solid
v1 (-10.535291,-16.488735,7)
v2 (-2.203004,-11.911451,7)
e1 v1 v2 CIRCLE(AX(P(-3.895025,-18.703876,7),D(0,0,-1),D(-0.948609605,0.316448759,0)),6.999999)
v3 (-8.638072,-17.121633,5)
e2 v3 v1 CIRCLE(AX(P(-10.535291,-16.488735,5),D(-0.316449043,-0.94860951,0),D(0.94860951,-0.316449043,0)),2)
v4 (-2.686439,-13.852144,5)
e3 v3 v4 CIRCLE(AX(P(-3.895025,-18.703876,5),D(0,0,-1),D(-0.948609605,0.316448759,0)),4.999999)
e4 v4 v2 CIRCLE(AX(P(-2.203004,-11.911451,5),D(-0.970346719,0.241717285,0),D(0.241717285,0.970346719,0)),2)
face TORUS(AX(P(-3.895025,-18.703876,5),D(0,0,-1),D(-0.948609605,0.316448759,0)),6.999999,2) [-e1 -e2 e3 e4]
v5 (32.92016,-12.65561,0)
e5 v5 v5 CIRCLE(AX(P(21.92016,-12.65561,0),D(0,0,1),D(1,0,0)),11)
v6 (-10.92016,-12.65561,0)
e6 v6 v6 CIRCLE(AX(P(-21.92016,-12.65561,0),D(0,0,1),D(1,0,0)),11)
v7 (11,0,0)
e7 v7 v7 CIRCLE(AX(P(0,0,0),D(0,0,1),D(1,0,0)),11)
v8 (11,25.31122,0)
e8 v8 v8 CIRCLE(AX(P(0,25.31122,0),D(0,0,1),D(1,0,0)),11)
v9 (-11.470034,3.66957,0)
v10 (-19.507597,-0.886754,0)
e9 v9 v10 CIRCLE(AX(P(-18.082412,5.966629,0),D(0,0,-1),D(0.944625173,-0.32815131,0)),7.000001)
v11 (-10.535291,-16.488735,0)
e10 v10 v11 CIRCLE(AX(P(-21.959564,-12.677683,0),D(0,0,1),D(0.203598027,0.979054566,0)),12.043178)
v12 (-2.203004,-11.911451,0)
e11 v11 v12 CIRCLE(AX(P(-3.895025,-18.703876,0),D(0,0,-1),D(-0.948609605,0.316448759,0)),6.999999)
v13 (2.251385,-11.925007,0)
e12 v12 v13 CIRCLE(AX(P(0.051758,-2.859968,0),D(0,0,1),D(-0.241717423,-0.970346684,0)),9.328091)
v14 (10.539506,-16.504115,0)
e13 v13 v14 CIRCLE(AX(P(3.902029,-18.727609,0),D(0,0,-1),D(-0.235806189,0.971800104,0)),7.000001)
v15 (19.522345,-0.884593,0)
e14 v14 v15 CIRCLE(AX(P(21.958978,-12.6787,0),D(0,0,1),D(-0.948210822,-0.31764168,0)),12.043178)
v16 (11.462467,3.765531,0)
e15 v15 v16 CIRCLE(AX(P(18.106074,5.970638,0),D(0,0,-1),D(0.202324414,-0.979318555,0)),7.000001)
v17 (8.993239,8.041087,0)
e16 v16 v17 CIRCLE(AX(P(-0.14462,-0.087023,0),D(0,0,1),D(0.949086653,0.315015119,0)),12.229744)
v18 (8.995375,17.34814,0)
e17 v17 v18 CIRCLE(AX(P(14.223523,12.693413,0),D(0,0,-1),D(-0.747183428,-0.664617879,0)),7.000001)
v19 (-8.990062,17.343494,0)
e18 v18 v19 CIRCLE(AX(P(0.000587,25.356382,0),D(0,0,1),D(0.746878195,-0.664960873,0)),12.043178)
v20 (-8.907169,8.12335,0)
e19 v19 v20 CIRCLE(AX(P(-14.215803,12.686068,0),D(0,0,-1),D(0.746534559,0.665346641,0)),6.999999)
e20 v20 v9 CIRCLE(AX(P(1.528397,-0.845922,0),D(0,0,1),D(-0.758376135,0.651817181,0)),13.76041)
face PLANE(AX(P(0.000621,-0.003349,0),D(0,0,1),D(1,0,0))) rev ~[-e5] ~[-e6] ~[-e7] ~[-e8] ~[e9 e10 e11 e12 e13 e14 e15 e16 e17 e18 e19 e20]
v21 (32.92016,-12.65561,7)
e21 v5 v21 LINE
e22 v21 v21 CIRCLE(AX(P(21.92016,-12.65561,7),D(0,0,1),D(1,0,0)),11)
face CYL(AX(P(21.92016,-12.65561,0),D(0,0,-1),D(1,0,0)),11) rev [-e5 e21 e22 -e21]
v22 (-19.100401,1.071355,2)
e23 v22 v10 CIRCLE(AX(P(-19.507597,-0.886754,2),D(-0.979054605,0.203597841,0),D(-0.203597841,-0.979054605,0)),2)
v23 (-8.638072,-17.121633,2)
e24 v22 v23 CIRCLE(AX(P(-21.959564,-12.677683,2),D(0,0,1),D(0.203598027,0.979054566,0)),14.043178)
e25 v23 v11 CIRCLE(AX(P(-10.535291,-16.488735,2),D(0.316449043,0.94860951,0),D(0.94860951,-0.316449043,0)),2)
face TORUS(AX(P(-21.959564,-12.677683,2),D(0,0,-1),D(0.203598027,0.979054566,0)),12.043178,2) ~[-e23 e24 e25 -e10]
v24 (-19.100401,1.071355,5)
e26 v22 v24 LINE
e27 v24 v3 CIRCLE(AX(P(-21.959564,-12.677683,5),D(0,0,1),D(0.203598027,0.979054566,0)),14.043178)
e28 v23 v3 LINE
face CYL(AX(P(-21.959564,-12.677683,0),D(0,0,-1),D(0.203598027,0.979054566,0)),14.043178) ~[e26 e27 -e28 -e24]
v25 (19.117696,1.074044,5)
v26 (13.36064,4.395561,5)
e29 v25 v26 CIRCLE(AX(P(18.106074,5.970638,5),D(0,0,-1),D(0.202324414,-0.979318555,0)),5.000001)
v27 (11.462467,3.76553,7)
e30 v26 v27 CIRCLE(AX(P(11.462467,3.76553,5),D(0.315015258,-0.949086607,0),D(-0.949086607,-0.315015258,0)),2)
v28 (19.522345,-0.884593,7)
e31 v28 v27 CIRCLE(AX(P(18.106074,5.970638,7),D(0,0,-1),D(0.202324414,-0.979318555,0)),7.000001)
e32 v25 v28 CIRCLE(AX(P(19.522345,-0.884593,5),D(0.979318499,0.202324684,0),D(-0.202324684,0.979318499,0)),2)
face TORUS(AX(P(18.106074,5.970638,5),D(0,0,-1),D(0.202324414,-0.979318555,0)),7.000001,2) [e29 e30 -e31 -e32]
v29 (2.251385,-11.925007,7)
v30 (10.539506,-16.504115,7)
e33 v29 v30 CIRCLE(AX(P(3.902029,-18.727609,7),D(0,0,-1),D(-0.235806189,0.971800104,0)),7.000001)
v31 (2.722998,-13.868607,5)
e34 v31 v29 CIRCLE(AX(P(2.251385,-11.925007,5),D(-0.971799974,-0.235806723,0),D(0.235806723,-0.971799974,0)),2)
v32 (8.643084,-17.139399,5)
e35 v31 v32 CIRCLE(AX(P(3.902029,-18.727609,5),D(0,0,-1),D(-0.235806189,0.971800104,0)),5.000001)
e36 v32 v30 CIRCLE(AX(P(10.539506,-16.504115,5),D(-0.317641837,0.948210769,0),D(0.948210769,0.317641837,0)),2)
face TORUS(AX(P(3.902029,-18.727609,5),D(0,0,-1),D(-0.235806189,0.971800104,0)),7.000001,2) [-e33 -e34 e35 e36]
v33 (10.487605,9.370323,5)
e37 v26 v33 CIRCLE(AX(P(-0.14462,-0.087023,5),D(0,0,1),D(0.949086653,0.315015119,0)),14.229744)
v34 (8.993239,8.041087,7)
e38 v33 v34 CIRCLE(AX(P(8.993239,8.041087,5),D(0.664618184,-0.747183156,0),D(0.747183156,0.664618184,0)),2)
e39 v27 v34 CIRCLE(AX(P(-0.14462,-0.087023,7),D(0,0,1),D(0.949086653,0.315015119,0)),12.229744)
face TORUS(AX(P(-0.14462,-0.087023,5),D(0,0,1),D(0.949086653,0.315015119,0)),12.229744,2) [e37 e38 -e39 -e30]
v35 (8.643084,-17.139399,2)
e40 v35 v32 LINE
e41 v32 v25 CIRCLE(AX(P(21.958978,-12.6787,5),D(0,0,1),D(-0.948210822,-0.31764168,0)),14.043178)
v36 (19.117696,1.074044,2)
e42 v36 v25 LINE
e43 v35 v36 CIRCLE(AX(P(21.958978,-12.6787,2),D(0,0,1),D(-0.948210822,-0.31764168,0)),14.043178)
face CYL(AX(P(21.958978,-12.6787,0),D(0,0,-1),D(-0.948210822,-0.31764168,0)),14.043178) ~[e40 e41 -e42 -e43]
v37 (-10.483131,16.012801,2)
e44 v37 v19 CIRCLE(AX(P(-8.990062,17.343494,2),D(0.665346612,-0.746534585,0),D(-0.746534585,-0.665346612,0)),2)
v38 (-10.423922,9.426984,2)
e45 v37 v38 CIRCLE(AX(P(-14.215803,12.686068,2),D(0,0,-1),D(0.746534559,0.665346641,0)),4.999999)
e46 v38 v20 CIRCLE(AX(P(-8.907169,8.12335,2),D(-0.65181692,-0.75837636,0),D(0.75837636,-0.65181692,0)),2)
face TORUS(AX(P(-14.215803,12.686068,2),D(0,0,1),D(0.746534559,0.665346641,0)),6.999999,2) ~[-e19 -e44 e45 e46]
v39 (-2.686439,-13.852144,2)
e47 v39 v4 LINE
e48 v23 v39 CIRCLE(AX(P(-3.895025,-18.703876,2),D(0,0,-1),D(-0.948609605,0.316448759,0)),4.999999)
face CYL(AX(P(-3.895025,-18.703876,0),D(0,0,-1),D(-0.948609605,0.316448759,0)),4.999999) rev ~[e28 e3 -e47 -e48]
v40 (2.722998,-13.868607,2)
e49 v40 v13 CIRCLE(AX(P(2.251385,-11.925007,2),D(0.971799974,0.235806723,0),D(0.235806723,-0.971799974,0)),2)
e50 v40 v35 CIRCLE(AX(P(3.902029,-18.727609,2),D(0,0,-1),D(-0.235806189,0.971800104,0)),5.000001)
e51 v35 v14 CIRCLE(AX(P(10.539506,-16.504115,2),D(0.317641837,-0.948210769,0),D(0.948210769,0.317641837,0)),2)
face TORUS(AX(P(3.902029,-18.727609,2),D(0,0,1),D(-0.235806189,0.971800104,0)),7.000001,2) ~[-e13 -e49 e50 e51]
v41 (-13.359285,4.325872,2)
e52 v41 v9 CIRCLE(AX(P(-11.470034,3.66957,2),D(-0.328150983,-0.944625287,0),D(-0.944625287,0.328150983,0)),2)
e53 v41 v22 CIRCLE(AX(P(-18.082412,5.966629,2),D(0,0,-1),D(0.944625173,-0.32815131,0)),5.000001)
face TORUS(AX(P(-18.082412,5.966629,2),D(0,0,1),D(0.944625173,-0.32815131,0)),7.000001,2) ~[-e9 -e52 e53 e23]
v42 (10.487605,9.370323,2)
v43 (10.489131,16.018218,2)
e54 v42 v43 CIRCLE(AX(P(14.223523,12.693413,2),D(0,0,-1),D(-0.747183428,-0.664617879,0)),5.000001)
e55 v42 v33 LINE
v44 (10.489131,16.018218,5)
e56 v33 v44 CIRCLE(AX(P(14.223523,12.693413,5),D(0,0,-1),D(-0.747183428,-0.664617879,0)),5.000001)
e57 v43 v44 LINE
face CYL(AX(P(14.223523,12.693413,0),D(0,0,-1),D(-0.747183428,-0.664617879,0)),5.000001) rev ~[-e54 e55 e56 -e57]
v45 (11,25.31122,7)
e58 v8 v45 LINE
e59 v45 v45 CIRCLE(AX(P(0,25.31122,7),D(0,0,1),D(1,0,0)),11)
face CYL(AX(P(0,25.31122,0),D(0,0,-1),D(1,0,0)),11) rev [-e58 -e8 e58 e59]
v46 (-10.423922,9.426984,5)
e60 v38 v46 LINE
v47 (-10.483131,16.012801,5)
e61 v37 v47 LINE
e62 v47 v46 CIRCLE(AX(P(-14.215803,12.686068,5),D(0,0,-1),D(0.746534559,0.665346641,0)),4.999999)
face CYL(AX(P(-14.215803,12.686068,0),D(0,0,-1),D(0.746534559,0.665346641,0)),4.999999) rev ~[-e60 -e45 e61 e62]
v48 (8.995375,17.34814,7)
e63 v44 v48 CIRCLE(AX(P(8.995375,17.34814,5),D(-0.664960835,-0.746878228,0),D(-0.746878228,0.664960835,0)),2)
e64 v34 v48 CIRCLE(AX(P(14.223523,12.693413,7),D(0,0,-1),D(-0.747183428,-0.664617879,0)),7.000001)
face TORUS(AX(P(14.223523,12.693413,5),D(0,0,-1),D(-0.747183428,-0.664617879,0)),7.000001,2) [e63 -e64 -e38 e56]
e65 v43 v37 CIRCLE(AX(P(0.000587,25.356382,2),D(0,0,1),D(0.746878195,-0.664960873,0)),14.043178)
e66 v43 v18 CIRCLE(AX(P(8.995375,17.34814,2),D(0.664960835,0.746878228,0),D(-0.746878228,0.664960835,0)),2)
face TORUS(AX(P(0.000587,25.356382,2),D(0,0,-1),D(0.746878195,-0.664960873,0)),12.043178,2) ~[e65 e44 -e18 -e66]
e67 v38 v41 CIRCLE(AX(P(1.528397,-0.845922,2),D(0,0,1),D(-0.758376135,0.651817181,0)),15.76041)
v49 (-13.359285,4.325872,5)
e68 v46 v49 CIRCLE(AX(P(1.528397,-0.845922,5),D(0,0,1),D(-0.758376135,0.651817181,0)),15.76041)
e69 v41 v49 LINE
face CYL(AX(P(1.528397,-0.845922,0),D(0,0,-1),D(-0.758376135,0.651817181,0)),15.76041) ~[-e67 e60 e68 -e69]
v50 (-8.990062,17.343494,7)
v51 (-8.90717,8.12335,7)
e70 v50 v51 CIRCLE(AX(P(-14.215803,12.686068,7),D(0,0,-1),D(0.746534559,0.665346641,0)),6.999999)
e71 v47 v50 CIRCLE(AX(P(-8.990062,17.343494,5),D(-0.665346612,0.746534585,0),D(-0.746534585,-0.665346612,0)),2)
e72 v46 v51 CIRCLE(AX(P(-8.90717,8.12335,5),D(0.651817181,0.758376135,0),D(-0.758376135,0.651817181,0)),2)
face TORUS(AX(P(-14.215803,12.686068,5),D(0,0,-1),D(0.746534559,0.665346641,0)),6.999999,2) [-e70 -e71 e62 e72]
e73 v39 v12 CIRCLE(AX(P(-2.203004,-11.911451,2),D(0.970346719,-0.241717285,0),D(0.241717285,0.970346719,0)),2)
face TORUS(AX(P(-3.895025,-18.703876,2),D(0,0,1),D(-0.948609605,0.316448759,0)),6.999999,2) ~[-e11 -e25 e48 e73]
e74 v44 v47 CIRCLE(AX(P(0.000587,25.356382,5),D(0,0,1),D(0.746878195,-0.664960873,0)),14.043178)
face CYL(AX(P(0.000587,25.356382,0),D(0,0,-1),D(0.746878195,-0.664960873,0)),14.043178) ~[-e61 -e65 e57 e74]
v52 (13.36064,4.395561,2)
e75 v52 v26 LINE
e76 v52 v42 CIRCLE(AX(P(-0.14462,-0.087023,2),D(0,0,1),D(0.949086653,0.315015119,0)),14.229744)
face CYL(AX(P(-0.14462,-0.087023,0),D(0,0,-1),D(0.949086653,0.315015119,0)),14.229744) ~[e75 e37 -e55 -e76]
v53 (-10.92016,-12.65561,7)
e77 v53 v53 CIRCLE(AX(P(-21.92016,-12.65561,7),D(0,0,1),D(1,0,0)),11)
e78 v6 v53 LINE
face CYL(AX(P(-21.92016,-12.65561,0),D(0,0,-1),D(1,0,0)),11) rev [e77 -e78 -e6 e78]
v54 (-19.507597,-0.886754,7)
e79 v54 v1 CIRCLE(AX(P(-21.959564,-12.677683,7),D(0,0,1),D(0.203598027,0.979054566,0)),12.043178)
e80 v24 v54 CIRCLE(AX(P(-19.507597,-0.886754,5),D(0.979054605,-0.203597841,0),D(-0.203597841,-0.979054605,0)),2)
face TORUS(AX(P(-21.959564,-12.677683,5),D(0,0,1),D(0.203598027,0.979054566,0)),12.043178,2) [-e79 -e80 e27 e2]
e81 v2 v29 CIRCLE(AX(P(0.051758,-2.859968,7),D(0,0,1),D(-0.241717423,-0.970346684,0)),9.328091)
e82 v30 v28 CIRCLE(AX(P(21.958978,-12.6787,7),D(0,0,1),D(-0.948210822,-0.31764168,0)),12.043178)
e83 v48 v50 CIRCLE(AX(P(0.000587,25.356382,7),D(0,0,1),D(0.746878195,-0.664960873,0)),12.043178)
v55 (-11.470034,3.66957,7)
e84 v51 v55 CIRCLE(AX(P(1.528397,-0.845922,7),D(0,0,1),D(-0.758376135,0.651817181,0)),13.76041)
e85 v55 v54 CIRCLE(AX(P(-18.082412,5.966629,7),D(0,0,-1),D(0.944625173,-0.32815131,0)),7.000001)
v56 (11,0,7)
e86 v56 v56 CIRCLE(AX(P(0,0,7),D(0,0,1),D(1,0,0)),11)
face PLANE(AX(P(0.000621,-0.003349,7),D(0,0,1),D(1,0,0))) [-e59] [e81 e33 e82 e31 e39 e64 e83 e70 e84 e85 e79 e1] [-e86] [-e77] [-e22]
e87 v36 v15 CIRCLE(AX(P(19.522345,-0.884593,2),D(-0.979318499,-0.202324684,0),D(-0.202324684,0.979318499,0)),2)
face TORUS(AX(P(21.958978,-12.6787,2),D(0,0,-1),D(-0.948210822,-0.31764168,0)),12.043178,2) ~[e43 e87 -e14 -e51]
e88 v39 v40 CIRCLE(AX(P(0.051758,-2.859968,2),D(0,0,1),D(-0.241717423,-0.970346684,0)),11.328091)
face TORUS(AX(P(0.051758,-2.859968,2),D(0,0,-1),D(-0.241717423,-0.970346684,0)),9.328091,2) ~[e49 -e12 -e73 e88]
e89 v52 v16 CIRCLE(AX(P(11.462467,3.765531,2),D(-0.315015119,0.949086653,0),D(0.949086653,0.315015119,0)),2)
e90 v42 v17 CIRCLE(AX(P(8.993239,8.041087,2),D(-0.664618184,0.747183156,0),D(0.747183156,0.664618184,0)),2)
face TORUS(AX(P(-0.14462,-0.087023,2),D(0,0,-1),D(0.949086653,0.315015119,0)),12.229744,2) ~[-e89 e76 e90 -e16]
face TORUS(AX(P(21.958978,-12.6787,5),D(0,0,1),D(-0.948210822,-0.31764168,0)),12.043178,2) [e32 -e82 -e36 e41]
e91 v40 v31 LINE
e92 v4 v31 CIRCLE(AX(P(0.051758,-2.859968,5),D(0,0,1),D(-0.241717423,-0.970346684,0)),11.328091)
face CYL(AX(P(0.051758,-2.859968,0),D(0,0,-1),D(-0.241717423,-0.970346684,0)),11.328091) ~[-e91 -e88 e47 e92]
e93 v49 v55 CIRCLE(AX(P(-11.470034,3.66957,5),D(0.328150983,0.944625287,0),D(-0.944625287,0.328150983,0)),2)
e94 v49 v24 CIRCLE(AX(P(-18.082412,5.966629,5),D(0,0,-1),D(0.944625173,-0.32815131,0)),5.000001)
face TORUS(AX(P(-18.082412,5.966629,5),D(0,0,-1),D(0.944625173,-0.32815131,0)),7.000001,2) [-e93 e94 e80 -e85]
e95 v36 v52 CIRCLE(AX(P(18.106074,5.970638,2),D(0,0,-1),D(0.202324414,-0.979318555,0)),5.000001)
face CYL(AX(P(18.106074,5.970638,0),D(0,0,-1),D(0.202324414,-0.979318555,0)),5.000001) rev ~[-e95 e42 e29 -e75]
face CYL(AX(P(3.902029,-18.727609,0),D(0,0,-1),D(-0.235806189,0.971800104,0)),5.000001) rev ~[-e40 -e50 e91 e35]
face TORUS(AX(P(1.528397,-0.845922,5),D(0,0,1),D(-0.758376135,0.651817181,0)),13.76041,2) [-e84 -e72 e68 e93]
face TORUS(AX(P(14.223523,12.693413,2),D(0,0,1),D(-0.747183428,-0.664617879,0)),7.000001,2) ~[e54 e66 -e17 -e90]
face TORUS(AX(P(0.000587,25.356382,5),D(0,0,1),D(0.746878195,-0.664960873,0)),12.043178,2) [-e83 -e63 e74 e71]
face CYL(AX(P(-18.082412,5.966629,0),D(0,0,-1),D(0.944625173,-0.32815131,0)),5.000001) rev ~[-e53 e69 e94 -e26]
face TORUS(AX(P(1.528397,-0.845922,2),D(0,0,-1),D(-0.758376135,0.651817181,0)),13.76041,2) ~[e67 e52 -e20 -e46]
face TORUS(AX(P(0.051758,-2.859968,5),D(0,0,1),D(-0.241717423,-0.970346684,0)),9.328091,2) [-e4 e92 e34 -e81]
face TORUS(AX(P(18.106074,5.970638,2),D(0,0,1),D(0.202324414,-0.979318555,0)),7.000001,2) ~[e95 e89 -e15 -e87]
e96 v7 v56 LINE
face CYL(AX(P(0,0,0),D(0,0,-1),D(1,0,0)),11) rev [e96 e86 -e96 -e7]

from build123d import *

# Parameters (mm, degrees)
F0_R     = 11
F1_DEPTH = 7
F2_R     = 2


with BuildPart() as f1:
    # F0 (on Top) → F1 (new body)
    with BuildSketch(Plane.XY):
        with BuildLine():
            ThreePointArc((10.487605, 9.370323), (9.223522, 12.694561), (10.489131, 16.018218))
            ThreePointArc((10.489131, 16.018218), (-0.003039, 39.39956), (-10.483131, 16.012801))
            ThreePointArc((-10.483131, 16.012801), (-9.216006, 12.731018), (-10.423922, 9.426984))
            ThreePointArc((-10.423922, 9.426984), (-12.131828, 7.014662), (-13.359285, 4.325872))
            ThreePointArc((-13.359285, 4.325872), (-15.61665, 1.616913), (-19.100401, 1.071355))
            ThreePointArc((-19.100401, 1.071355), (-34.133291, -19.678485), (-8.638072, -17.121633))
            ThreePointArc((-8.638072, -17.121633), (-6.302408, -14.321583), (-2.686439, -13.852144))
            ThreePointArc((-2.686439, -13.852144), (0.017282, -14.188007), (2.722998, -13.868607))
            ThreePointArc((2.722998, -13.868607), (6.319988, -14.351139), (8.643084, -17.139399))
            ThreePointArc((8.643084, -17.139399), (34.132554, -19.679764), (19.117696, 1.074044))
            ThreePointArc((19.117696, 1.074044), (15.607383, 1.639754), (13.36064, 4.395561))
            ThreePointArc((13.36064, 4.395561), (12.177783, 7.029436), (10.487605, 9.370323))
        make_face()
        with Locations((-21.92016, -12.65561)):
            Circle(F0_R, mode=Mode.SUBTRACT)
        with Locations((21.92016, -12.65561)):
            Circle(F0_R, mode=Mode.SUBTRACT)
        Circle(F0_R, mode=Mode.SUBTRACT)
        with Locations((0, 25.31122)):
            Circle(F0_R, mode=Mode.SUBTRACT)
    extrude(amount=F1_DEPTH)

    # F2
    f2_edges = [f1.edges().sort_by_distance(p)[0] for p in [
        (-12.131828, 7.014662, 7),
        (-9.216006, 12.731018, 7),
        (-0.003039, 39.39956, 7),
        (12.177783, 7.029436, 7),
        (15.607383, 1.639754, 7),
        (34.132554, -19.679764, 7),
        (6.319988, -14.351139, 7),
        (0.017282, -14.188007, 7),
        (-6.302408, -14.321583, 7),
        (-34.133291, -19.678485, 7),
        (-15.61665, 1.616913, 7),
        (12.177783, 7.029436, 0),
        (15.607383, 1.639754, 0),
        (0.017282, -14.188007, 0),
        (6.319988, -14.351139, 0),
        (-6.302408, -14.321583, 0),
        (-34.133291, -19.678485, 0),
        (-15.61665, 1.616913, 0),
        (-12.131828, 7.014662, 0),
        (-9.216006, 12.731018, 0),
        (-0.003039, 39.39956, 0),
        (9.223522, 12.694561, 0),
        (34.132554, -19.679764, 0),
    ]]
    fillet(f2_edges, radius=F2_R)


solid = f1.part
